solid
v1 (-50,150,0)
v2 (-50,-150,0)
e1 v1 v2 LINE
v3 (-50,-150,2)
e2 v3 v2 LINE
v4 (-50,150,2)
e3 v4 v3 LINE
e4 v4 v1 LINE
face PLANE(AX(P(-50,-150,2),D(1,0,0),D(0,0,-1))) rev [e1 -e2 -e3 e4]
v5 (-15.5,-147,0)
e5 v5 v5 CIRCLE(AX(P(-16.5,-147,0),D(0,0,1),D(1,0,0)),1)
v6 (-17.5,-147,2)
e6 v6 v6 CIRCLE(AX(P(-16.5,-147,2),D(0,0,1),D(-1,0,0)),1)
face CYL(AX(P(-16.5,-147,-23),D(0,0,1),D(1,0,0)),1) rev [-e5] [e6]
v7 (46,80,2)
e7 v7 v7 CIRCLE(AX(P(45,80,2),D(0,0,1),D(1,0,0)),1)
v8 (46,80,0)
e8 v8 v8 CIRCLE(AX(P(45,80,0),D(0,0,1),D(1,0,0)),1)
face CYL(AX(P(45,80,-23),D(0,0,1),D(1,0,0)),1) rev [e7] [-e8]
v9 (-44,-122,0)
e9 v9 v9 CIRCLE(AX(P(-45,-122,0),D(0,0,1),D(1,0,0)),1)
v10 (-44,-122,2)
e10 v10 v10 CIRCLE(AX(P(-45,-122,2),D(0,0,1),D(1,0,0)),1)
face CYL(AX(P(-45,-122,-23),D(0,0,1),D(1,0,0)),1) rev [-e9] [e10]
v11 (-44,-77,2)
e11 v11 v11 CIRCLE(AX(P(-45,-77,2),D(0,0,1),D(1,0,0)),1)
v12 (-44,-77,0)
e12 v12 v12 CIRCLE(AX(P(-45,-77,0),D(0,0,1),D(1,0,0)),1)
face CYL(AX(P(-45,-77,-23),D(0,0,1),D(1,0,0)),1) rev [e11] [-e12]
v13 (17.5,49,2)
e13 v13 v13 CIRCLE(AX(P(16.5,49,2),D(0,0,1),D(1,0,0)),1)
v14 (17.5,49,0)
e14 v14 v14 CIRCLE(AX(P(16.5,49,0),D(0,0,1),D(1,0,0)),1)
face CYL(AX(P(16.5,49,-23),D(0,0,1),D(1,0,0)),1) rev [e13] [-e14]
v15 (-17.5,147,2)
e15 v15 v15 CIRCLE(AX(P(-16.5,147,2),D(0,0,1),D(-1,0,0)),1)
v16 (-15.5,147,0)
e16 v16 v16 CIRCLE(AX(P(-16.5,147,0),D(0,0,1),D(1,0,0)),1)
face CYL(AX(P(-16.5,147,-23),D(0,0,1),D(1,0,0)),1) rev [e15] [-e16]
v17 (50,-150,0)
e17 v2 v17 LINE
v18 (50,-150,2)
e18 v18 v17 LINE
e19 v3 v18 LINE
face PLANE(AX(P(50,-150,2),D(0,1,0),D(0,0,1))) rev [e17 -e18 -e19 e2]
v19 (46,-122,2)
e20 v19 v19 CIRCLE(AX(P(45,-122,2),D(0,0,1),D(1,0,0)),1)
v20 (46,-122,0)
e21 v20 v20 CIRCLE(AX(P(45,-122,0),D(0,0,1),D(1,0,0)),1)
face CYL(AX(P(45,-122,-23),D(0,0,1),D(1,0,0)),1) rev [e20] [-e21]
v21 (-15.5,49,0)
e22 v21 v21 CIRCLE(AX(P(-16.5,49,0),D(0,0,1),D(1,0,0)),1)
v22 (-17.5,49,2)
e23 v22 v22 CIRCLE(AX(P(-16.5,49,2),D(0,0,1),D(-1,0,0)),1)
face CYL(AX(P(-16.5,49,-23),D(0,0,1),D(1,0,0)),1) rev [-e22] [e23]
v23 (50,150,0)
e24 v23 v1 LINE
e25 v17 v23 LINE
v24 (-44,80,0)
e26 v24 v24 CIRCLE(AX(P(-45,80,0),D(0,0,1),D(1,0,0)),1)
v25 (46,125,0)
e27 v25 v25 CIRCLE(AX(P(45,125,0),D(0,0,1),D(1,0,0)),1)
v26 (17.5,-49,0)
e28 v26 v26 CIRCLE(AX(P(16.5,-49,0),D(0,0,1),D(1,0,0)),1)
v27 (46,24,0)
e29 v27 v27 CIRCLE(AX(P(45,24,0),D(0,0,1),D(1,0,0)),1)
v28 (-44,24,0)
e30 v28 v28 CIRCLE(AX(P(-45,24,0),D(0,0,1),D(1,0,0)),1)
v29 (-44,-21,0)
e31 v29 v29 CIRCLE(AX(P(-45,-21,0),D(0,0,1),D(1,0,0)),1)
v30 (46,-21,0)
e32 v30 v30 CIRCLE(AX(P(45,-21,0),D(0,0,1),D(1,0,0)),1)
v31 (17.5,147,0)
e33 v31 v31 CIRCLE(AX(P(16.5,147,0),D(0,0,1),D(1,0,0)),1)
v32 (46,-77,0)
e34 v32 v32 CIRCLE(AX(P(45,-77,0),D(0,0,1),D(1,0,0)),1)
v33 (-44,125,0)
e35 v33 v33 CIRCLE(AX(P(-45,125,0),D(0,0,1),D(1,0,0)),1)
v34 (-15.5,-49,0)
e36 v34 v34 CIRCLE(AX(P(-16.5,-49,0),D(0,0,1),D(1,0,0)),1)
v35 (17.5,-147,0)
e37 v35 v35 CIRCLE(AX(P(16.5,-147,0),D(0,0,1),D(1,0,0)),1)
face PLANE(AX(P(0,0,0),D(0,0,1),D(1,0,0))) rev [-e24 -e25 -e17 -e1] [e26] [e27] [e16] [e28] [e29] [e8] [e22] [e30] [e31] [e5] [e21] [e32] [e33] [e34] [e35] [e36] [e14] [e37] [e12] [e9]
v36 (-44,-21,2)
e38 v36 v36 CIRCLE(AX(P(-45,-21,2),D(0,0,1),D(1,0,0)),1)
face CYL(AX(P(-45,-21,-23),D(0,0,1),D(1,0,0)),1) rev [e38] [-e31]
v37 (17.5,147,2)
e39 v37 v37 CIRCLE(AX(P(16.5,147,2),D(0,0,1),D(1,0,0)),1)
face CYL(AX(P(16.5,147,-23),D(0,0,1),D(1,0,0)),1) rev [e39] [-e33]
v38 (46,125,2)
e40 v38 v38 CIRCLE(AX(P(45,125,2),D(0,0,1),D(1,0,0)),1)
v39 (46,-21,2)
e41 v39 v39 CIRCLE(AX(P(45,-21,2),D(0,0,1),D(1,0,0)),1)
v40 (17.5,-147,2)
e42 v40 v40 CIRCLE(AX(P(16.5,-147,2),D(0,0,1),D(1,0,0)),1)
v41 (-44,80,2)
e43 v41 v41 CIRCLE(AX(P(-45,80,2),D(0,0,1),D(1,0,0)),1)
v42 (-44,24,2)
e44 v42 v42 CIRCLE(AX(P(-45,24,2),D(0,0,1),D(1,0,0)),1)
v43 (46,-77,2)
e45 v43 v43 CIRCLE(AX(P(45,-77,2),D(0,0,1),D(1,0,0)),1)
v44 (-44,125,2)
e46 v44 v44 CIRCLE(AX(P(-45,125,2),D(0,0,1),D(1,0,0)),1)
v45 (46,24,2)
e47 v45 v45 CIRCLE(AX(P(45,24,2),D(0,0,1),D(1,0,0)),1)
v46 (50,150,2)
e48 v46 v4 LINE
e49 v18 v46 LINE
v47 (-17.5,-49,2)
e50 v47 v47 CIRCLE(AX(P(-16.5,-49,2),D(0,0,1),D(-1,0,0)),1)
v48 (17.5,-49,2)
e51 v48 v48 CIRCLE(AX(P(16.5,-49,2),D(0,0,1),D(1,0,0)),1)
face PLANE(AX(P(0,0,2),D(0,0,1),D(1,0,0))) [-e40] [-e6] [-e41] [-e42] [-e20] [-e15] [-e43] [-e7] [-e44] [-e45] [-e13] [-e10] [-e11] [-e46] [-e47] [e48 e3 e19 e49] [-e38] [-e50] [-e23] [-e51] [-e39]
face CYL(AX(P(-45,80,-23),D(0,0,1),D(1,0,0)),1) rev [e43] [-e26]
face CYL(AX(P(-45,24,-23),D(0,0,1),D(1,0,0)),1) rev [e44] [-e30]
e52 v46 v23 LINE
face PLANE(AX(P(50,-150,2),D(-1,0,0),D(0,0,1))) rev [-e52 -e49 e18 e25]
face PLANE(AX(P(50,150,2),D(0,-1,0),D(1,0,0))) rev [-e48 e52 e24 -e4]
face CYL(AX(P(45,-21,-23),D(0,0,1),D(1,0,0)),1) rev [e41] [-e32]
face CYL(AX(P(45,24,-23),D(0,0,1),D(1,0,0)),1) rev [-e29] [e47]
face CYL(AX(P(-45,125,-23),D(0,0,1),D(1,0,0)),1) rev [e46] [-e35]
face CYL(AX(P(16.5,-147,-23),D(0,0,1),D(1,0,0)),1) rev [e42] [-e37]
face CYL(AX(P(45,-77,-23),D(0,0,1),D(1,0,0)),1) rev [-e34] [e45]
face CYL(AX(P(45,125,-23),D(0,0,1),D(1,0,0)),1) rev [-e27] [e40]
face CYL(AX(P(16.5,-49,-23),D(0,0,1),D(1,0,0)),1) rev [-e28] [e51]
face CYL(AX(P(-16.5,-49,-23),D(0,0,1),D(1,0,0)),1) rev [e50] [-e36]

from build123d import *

# Parameters (mm, degrees)
SKETCH1_W           = 100
SKETCH1_H           = 300
BOSS_EXTRUDE1_DEPTH = 2
SKETCH2_R           = 1
CUT_EXTRUDE1_DEPTH  = 25


with BuildPart() as part:
    # Sketch1 → Boss-Extrude1 (new body)
    with BuildSketch(Plane.XY):
        Rectangle(SKETCH1_W, SKETCH1_H)
    extrude(amount=BOSS_EXTRUDE1_DEPTH)

    # Sketch2 → Cut-Extrude1 (cut)
    with BuildSketch(Plane.XY.offset(2)):
        with Locations((-45, 125)):
            Circle(SKETCH2_R)
        with Locations((-45, 80)):
            Circle(SKETCH2_R)
        with Locations((45, 125)):
            Circle(SKETCH2_R)
        with Locations((45, 80)):
            Circle(SKETCH2_R)
        with Locations((-45, 24)):
            Circle(SKETCH2_R)
        with Locations((-45, -21)):
            Circle(SKETCH2_R)
        with Locations((45, 24)):
            Circle(SKETCH2_R)
        with Locations((45, -21)):
            Circle(SKETCH2_R)
        with Locations((-45, -77)):
            Circle(SKETCH2_R)
        with Locations((-45, -122)):
            Circle(SKETCH2_R)
        with Locations((45, -77)):
            Circle(SKETCH2_R)
        with Locations((45, -122)):
            Circle(SKETCH2_R)
        with Locations((16.5, -147)):
            Circle(SKETCH2_R)
        with Locations((-16.5, -147)):
            Circle(SKETCH2_R)
        with Locations((-16.5, -49)):
            Circle(SKETCH2_R)
        with Locations((16.5, -49)):
            Circle(SKETCH2_R)
        with Locations((-16.5, 49)):
            Circle(SKETCH2_R)
        with Locations((16.5, 49)):
            Circle(SKETCH2_R)
        with Locations((-16.5, 147)):
            Circle(SKETCH2_R)
        with Locations((16.5, 147)):
            Circle(SKETCH2_R)
    extrude(amount=-CUT_EXTRUDE1_DEPTH, mode=Mode.SUBTRACT)


solid = part.part
